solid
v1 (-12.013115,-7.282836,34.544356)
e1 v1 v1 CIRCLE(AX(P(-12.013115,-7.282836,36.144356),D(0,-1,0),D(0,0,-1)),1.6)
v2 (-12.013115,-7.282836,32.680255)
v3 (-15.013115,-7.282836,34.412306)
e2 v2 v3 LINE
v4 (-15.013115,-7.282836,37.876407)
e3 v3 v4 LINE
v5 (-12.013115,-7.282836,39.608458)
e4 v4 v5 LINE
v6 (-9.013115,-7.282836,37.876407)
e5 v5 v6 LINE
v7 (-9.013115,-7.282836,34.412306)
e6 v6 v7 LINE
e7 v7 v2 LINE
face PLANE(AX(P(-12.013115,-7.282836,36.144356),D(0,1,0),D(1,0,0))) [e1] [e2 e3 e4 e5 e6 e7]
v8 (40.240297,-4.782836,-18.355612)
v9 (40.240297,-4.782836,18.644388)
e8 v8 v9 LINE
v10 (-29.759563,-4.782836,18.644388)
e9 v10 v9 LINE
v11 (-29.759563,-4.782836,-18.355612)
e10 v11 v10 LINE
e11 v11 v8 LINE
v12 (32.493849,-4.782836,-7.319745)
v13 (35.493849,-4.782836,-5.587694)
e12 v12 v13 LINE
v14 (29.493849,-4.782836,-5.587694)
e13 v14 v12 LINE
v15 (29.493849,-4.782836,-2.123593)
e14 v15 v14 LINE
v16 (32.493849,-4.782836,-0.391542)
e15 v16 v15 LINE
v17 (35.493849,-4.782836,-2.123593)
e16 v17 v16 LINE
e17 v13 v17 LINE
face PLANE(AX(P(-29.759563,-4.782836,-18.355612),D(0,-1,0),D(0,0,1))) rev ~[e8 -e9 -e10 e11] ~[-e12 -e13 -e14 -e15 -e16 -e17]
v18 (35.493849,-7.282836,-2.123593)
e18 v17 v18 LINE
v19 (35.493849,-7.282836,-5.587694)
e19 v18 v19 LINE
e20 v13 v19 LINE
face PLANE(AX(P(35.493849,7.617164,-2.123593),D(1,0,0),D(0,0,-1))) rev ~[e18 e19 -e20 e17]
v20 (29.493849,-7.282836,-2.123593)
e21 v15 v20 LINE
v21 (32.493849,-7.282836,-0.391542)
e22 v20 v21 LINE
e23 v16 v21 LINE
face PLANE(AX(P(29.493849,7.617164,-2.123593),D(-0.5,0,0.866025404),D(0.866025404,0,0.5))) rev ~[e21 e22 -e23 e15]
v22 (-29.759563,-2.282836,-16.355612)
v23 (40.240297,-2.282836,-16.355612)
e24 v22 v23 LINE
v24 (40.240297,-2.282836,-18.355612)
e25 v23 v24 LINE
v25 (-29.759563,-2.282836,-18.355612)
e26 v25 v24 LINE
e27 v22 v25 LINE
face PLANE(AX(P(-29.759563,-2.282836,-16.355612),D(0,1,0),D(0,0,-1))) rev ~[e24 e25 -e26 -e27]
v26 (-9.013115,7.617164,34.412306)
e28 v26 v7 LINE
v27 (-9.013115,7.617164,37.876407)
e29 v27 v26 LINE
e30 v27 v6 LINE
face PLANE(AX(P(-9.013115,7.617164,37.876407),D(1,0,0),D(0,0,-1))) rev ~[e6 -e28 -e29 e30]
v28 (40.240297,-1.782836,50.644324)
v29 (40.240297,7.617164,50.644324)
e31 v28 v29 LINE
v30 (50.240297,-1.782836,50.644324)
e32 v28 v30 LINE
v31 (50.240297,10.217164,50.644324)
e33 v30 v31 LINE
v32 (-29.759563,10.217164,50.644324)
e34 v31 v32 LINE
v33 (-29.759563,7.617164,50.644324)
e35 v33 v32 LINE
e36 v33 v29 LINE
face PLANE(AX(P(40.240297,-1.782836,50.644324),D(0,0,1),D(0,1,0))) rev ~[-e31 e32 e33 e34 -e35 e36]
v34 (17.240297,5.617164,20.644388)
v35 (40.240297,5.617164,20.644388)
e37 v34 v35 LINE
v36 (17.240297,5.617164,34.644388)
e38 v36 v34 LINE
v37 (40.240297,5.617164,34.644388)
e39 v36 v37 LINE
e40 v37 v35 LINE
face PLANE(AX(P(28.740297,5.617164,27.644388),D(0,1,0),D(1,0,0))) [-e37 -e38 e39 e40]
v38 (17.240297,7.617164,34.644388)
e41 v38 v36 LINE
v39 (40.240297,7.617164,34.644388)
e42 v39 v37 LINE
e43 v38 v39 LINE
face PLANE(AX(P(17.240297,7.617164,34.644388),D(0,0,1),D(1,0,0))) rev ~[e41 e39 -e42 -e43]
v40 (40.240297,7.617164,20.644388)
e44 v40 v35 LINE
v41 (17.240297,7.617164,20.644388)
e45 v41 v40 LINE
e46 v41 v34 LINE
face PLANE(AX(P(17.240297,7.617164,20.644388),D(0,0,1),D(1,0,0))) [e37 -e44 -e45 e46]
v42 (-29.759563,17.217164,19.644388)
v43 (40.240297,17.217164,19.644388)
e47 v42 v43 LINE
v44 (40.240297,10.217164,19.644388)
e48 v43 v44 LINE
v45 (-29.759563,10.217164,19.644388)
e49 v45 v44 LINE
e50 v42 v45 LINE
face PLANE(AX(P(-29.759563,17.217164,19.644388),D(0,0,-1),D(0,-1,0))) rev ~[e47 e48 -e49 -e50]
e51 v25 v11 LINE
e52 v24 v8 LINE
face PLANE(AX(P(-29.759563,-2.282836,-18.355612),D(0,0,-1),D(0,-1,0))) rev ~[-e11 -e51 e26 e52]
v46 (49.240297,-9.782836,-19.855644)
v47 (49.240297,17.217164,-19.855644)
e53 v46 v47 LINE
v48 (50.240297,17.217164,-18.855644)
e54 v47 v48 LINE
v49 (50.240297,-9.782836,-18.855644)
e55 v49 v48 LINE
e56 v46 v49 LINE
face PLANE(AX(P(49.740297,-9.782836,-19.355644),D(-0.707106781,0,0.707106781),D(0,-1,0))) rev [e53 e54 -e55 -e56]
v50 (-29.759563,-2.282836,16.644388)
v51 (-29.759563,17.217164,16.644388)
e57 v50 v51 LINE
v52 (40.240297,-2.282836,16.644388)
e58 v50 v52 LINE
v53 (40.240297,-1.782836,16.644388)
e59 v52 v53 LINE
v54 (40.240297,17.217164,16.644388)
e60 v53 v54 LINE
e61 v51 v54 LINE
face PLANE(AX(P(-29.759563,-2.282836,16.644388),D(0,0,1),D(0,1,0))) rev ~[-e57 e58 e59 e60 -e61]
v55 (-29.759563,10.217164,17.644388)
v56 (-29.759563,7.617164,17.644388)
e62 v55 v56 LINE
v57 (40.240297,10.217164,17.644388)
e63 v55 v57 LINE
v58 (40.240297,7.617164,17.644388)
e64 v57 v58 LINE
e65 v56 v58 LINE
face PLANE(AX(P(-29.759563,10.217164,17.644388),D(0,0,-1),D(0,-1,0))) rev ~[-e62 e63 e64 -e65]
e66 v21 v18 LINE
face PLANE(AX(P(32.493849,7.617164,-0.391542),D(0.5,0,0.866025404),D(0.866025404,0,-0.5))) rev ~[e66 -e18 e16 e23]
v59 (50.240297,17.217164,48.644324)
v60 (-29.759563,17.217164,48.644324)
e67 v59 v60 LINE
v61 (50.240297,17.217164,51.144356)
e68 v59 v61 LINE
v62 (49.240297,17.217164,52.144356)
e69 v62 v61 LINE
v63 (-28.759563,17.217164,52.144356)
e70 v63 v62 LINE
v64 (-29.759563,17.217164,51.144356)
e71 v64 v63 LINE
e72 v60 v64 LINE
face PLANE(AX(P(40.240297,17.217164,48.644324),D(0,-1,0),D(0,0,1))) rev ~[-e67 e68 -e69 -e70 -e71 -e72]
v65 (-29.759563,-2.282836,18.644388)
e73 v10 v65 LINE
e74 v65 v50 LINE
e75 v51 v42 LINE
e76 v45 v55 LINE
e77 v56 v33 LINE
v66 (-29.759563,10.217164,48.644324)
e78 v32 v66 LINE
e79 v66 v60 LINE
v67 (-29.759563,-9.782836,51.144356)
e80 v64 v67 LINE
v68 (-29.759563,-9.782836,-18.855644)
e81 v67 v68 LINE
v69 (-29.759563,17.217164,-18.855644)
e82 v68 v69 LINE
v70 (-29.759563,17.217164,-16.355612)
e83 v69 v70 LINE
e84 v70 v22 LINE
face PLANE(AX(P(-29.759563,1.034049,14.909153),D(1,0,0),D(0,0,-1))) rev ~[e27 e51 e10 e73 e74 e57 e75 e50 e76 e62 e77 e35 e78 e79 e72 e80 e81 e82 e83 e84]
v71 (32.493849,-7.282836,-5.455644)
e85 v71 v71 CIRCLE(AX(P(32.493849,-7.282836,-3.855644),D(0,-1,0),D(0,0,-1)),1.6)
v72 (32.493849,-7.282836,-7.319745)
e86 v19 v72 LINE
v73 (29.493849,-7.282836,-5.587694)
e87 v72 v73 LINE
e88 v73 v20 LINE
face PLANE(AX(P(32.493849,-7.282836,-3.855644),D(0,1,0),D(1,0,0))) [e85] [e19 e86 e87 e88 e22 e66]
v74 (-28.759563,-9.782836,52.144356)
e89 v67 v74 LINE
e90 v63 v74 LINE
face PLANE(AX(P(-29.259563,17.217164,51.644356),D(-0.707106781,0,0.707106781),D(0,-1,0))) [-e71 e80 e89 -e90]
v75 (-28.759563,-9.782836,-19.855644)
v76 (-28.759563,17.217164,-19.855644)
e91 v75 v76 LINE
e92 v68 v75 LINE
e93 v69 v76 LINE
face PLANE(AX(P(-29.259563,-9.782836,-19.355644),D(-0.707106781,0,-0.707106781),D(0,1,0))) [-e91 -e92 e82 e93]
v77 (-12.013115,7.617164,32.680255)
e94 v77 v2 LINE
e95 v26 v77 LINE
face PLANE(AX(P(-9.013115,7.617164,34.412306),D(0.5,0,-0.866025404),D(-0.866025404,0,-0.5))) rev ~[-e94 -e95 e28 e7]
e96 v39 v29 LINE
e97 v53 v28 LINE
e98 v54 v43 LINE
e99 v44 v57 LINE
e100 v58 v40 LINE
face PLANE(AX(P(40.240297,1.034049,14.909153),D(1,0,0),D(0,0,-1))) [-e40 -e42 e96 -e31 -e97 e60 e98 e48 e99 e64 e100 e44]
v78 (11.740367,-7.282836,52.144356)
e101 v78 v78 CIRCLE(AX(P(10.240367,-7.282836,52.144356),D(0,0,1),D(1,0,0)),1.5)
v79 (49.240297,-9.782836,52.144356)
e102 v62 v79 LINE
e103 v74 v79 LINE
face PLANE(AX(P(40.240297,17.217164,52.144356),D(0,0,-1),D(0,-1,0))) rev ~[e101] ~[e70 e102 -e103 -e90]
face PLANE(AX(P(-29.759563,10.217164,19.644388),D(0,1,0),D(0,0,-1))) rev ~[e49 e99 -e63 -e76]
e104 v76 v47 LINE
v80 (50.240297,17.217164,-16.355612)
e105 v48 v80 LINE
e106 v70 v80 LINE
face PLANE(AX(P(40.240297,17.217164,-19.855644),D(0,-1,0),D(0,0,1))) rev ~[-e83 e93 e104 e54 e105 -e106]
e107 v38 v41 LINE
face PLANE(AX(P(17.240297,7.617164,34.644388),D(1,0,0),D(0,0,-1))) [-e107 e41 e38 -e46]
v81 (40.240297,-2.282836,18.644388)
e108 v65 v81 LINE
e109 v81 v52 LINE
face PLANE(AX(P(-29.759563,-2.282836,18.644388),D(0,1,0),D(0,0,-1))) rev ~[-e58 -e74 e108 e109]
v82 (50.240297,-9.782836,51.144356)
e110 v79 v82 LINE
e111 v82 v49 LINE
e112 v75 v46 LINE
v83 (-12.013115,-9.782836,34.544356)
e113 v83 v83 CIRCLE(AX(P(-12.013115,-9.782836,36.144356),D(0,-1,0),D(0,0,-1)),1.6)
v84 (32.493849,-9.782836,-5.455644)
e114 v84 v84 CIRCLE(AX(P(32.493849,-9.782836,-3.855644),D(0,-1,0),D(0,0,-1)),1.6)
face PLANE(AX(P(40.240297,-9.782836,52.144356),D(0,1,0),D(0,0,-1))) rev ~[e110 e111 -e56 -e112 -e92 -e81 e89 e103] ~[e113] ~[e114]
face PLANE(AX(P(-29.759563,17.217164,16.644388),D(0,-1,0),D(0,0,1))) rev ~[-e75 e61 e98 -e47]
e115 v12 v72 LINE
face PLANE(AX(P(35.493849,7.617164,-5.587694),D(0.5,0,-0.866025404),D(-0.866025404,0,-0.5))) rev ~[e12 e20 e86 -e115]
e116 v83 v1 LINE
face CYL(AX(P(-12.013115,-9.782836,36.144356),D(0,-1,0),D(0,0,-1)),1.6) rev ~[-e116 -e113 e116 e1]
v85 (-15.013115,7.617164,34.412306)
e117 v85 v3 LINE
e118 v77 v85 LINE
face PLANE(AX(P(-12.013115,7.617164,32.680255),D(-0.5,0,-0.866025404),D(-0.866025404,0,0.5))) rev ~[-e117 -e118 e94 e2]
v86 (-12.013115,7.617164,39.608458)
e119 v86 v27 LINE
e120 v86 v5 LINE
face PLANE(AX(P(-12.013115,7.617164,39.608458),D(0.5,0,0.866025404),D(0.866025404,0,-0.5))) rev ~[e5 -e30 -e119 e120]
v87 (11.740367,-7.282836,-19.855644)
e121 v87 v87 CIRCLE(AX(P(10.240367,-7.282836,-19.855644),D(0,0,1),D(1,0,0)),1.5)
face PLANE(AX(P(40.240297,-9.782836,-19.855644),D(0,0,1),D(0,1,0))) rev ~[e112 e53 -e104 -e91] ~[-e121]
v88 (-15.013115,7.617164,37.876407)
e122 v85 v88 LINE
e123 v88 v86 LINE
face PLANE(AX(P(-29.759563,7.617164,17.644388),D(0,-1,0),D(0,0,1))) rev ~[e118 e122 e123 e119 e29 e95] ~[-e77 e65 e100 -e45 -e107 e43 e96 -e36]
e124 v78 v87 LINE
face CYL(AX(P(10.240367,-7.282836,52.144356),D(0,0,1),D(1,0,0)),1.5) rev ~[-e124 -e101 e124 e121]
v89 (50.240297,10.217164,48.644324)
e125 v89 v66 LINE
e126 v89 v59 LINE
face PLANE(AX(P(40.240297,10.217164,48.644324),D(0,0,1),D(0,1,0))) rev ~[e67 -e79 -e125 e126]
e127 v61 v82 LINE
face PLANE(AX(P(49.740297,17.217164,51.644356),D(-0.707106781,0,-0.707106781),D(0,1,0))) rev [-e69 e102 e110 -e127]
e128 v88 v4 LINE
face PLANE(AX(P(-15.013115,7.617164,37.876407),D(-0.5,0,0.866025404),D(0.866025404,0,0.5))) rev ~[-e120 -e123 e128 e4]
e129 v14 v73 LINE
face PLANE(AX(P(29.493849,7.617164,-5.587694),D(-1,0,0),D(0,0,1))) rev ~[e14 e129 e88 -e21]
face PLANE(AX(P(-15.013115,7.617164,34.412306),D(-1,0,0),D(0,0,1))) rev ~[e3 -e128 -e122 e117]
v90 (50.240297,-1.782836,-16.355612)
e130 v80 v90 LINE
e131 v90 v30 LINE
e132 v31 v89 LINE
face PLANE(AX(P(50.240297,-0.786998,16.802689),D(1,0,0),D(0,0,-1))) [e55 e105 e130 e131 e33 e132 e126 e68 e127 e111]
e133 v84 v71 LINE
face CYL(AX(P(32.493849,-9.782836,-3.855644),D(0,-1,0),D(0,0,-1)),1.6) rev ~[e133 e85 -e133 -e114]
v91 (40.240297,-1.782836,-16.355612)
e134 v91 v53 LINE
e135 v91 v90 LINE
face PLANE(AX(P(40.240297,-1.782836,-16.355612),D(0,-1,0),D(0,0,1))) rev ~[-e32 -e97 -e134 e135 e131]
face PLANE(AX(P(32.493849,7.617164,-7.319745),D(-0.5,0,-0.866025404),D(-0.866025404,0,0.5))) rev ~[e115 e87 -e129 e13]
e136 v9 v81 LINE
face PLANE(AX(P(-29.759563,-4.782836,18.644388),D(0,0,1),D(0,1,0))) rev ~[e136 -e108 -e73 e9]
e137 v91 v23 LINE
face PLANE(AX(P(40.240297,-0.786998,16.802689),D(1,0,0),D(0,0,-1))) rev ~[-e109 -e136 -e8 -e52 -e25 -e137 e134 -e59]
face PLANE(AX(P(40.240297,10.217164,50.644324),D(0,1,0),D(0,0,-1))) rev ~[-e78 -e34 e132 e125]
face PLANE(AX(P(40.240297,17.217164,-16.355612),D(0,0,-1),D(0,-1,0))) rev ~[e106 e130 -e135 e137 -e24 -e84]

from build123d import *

# Parameters (mm, degrees)
BOSS_EXTRUDE1_DEPTH  = 69.99986
SKETCH2_W            = 23
SKETCH2_H            = 14
CUT_EXTRUDE1_DEPTH   = 2
BOSS_EXTRUDE10_DEPTH = 10
CHAMFER2_SIZE        = 1
SKETCH10_R           = 1.5
CUT_EXTRUDE5_DEPTH   = 90.467972845
SKETCH11_R           = 1.6
CUT_EXTRUDE6_DEPTH   = 78.279501445
CUT_EXTRUDE7_DEPTH   = 14.9


with BuildPart() as part:
    # Sketch1 → Boss-Extrude1 (new body)
    with BuildSketch(Plane.ZY.offset(29.759563114)):
        Polygon((-16.355611523, -2.282836071), (-18.355611523, -2.282836071), (-18.355611523, -4.782836071), (18.644388477, -4.782836071), (18.644388477, -2.282836071), (16.644388477, -2.282836071), (16.644388477, 17.217163929), (19.644388477, 17.217163929), (19.644388477, 10.217163929), (17.644388477, 10.217163929), (17.644388477, 7.617163929), (50.644324477, 7.617163929), (50.644324477, 10.217163929), (48.644324477, 10.217163929), (48.644324477, 17.217163929), (52.144356477, 17.217163929), (52.144356477, -9.782836071), (-19.855643523, -9.782836071), (-19.855643523, 17.217163929), (-16.355611523, 17.217163929), align=None)
    extrude(amount=-BOSS_EXTRUDE1_DEPTH)

    # Sketch2 → Cut-Extrude1 (cut)
    with BuildSketch(Plane(origin=(0, 7.617163929, 0), x_dir=(1, 0, 0), z_dir=(0, 1, 0))):
        with Locations((28.740296886, -27.644388477)):
            Rectangle(SKETCH2_W, SKETCH2_H)
    extrude(amount=-CUT_EXTRUDE1_DEPTH, mode=Mode.SUBTRACT)

    # Sketch9 → Boss-Extrude10 (add)
    with BuildSketch(Plane(origin=(40.240296886, 0, 0), x_dir=(0, 0, -1), z_dir=(1, 0, 0))):
        Polygon((-48.644324477, 17.217163929), (-52.144356477, 17.217163929), (-52.144356477, -9.782836071), (19.855643523, -9.782836071), (19.855643523, 17.217163929), (16.355611523, 17.217163929), (16.355611523, -1.782836071), (-50.644324477, -1.782836071), (-50.644324477, 10.217163929), (-48.644324477, 10.217163929), align=None)
    extrude(amount=BOSS_EXTRUDE10_DEPTH)

    # Chamfer2
    chamfer2_edges = [part.edges().sort_by_distance(p)[0] for p in [
        (-29.759563114, 3.717163929, -19.855643523),
        (-29.759563114, 3.717163929, 52.144356477),
        (50.240296886, 3.717163929, 52.144356477),
        (50.240296886, 3.717163929, -19.855643523),
    ]]
    chamfer(chamfer2_edges, length=CHAMFER2_SIZE)

    # Sketch10 → Cut-Extrude5 (cut, through all)
    with BuildSketch(Plane.XY.offset(52.144356477)):
        with Locations((10.240366886, -7.282836071)):
            Circle(SKETCH10_R)
    extrude(amount=-CUT_EXTRUDE5_DEPTH, mode=Mode.SUBTRACT)

    # Sketch11 → Cut-Extrude6 (cut, through all)
    with BuildSketch(Plane.XZ.offset(9.782836071)):
        with Locations(Location((-12.013114804, 36.144356477, 0), (0, 0, 270))):
            Circle(SKETCH11_R)
        with Locations(Location((32.493848577, -3.855643523, 0), (0, 0, 270))):
            Circle(SKETCH11_R)
    extrude(amount=-CUT_EXTRUDE6_DEPTH, mode=Mode.SUBTRACT)

    # Sketch12 → Cut-Extrude7 (cut)
    with BuildSketch(Plane(origin=(0, 7.617163929, 0), x_dir=(1, 0, 0), z_dir=(0, 1, 0))):
        Polygon((-12.013114804, -32.680254862), (-15.013114804, -34.412305669), (-15.013114804, -37.876407284), (-12.013114804, -39.608458092), (-9.013114804, -37.876407284), (-9.013114804, -34.412305669), align=None)
        Polygon((32.493848577, 7.319745138), (29.493848577, 5.587694331), (29.493848577, 2.123592716), (32.493848577, 0.391541908), (35.493848577, 2.123592716), (35.493848577, 5.587694331), align=None)
    extrude(amount=-CUT_EXTRUDE7_DEPTH, mode=Mode.SUBTRACT)


solid = part.part
